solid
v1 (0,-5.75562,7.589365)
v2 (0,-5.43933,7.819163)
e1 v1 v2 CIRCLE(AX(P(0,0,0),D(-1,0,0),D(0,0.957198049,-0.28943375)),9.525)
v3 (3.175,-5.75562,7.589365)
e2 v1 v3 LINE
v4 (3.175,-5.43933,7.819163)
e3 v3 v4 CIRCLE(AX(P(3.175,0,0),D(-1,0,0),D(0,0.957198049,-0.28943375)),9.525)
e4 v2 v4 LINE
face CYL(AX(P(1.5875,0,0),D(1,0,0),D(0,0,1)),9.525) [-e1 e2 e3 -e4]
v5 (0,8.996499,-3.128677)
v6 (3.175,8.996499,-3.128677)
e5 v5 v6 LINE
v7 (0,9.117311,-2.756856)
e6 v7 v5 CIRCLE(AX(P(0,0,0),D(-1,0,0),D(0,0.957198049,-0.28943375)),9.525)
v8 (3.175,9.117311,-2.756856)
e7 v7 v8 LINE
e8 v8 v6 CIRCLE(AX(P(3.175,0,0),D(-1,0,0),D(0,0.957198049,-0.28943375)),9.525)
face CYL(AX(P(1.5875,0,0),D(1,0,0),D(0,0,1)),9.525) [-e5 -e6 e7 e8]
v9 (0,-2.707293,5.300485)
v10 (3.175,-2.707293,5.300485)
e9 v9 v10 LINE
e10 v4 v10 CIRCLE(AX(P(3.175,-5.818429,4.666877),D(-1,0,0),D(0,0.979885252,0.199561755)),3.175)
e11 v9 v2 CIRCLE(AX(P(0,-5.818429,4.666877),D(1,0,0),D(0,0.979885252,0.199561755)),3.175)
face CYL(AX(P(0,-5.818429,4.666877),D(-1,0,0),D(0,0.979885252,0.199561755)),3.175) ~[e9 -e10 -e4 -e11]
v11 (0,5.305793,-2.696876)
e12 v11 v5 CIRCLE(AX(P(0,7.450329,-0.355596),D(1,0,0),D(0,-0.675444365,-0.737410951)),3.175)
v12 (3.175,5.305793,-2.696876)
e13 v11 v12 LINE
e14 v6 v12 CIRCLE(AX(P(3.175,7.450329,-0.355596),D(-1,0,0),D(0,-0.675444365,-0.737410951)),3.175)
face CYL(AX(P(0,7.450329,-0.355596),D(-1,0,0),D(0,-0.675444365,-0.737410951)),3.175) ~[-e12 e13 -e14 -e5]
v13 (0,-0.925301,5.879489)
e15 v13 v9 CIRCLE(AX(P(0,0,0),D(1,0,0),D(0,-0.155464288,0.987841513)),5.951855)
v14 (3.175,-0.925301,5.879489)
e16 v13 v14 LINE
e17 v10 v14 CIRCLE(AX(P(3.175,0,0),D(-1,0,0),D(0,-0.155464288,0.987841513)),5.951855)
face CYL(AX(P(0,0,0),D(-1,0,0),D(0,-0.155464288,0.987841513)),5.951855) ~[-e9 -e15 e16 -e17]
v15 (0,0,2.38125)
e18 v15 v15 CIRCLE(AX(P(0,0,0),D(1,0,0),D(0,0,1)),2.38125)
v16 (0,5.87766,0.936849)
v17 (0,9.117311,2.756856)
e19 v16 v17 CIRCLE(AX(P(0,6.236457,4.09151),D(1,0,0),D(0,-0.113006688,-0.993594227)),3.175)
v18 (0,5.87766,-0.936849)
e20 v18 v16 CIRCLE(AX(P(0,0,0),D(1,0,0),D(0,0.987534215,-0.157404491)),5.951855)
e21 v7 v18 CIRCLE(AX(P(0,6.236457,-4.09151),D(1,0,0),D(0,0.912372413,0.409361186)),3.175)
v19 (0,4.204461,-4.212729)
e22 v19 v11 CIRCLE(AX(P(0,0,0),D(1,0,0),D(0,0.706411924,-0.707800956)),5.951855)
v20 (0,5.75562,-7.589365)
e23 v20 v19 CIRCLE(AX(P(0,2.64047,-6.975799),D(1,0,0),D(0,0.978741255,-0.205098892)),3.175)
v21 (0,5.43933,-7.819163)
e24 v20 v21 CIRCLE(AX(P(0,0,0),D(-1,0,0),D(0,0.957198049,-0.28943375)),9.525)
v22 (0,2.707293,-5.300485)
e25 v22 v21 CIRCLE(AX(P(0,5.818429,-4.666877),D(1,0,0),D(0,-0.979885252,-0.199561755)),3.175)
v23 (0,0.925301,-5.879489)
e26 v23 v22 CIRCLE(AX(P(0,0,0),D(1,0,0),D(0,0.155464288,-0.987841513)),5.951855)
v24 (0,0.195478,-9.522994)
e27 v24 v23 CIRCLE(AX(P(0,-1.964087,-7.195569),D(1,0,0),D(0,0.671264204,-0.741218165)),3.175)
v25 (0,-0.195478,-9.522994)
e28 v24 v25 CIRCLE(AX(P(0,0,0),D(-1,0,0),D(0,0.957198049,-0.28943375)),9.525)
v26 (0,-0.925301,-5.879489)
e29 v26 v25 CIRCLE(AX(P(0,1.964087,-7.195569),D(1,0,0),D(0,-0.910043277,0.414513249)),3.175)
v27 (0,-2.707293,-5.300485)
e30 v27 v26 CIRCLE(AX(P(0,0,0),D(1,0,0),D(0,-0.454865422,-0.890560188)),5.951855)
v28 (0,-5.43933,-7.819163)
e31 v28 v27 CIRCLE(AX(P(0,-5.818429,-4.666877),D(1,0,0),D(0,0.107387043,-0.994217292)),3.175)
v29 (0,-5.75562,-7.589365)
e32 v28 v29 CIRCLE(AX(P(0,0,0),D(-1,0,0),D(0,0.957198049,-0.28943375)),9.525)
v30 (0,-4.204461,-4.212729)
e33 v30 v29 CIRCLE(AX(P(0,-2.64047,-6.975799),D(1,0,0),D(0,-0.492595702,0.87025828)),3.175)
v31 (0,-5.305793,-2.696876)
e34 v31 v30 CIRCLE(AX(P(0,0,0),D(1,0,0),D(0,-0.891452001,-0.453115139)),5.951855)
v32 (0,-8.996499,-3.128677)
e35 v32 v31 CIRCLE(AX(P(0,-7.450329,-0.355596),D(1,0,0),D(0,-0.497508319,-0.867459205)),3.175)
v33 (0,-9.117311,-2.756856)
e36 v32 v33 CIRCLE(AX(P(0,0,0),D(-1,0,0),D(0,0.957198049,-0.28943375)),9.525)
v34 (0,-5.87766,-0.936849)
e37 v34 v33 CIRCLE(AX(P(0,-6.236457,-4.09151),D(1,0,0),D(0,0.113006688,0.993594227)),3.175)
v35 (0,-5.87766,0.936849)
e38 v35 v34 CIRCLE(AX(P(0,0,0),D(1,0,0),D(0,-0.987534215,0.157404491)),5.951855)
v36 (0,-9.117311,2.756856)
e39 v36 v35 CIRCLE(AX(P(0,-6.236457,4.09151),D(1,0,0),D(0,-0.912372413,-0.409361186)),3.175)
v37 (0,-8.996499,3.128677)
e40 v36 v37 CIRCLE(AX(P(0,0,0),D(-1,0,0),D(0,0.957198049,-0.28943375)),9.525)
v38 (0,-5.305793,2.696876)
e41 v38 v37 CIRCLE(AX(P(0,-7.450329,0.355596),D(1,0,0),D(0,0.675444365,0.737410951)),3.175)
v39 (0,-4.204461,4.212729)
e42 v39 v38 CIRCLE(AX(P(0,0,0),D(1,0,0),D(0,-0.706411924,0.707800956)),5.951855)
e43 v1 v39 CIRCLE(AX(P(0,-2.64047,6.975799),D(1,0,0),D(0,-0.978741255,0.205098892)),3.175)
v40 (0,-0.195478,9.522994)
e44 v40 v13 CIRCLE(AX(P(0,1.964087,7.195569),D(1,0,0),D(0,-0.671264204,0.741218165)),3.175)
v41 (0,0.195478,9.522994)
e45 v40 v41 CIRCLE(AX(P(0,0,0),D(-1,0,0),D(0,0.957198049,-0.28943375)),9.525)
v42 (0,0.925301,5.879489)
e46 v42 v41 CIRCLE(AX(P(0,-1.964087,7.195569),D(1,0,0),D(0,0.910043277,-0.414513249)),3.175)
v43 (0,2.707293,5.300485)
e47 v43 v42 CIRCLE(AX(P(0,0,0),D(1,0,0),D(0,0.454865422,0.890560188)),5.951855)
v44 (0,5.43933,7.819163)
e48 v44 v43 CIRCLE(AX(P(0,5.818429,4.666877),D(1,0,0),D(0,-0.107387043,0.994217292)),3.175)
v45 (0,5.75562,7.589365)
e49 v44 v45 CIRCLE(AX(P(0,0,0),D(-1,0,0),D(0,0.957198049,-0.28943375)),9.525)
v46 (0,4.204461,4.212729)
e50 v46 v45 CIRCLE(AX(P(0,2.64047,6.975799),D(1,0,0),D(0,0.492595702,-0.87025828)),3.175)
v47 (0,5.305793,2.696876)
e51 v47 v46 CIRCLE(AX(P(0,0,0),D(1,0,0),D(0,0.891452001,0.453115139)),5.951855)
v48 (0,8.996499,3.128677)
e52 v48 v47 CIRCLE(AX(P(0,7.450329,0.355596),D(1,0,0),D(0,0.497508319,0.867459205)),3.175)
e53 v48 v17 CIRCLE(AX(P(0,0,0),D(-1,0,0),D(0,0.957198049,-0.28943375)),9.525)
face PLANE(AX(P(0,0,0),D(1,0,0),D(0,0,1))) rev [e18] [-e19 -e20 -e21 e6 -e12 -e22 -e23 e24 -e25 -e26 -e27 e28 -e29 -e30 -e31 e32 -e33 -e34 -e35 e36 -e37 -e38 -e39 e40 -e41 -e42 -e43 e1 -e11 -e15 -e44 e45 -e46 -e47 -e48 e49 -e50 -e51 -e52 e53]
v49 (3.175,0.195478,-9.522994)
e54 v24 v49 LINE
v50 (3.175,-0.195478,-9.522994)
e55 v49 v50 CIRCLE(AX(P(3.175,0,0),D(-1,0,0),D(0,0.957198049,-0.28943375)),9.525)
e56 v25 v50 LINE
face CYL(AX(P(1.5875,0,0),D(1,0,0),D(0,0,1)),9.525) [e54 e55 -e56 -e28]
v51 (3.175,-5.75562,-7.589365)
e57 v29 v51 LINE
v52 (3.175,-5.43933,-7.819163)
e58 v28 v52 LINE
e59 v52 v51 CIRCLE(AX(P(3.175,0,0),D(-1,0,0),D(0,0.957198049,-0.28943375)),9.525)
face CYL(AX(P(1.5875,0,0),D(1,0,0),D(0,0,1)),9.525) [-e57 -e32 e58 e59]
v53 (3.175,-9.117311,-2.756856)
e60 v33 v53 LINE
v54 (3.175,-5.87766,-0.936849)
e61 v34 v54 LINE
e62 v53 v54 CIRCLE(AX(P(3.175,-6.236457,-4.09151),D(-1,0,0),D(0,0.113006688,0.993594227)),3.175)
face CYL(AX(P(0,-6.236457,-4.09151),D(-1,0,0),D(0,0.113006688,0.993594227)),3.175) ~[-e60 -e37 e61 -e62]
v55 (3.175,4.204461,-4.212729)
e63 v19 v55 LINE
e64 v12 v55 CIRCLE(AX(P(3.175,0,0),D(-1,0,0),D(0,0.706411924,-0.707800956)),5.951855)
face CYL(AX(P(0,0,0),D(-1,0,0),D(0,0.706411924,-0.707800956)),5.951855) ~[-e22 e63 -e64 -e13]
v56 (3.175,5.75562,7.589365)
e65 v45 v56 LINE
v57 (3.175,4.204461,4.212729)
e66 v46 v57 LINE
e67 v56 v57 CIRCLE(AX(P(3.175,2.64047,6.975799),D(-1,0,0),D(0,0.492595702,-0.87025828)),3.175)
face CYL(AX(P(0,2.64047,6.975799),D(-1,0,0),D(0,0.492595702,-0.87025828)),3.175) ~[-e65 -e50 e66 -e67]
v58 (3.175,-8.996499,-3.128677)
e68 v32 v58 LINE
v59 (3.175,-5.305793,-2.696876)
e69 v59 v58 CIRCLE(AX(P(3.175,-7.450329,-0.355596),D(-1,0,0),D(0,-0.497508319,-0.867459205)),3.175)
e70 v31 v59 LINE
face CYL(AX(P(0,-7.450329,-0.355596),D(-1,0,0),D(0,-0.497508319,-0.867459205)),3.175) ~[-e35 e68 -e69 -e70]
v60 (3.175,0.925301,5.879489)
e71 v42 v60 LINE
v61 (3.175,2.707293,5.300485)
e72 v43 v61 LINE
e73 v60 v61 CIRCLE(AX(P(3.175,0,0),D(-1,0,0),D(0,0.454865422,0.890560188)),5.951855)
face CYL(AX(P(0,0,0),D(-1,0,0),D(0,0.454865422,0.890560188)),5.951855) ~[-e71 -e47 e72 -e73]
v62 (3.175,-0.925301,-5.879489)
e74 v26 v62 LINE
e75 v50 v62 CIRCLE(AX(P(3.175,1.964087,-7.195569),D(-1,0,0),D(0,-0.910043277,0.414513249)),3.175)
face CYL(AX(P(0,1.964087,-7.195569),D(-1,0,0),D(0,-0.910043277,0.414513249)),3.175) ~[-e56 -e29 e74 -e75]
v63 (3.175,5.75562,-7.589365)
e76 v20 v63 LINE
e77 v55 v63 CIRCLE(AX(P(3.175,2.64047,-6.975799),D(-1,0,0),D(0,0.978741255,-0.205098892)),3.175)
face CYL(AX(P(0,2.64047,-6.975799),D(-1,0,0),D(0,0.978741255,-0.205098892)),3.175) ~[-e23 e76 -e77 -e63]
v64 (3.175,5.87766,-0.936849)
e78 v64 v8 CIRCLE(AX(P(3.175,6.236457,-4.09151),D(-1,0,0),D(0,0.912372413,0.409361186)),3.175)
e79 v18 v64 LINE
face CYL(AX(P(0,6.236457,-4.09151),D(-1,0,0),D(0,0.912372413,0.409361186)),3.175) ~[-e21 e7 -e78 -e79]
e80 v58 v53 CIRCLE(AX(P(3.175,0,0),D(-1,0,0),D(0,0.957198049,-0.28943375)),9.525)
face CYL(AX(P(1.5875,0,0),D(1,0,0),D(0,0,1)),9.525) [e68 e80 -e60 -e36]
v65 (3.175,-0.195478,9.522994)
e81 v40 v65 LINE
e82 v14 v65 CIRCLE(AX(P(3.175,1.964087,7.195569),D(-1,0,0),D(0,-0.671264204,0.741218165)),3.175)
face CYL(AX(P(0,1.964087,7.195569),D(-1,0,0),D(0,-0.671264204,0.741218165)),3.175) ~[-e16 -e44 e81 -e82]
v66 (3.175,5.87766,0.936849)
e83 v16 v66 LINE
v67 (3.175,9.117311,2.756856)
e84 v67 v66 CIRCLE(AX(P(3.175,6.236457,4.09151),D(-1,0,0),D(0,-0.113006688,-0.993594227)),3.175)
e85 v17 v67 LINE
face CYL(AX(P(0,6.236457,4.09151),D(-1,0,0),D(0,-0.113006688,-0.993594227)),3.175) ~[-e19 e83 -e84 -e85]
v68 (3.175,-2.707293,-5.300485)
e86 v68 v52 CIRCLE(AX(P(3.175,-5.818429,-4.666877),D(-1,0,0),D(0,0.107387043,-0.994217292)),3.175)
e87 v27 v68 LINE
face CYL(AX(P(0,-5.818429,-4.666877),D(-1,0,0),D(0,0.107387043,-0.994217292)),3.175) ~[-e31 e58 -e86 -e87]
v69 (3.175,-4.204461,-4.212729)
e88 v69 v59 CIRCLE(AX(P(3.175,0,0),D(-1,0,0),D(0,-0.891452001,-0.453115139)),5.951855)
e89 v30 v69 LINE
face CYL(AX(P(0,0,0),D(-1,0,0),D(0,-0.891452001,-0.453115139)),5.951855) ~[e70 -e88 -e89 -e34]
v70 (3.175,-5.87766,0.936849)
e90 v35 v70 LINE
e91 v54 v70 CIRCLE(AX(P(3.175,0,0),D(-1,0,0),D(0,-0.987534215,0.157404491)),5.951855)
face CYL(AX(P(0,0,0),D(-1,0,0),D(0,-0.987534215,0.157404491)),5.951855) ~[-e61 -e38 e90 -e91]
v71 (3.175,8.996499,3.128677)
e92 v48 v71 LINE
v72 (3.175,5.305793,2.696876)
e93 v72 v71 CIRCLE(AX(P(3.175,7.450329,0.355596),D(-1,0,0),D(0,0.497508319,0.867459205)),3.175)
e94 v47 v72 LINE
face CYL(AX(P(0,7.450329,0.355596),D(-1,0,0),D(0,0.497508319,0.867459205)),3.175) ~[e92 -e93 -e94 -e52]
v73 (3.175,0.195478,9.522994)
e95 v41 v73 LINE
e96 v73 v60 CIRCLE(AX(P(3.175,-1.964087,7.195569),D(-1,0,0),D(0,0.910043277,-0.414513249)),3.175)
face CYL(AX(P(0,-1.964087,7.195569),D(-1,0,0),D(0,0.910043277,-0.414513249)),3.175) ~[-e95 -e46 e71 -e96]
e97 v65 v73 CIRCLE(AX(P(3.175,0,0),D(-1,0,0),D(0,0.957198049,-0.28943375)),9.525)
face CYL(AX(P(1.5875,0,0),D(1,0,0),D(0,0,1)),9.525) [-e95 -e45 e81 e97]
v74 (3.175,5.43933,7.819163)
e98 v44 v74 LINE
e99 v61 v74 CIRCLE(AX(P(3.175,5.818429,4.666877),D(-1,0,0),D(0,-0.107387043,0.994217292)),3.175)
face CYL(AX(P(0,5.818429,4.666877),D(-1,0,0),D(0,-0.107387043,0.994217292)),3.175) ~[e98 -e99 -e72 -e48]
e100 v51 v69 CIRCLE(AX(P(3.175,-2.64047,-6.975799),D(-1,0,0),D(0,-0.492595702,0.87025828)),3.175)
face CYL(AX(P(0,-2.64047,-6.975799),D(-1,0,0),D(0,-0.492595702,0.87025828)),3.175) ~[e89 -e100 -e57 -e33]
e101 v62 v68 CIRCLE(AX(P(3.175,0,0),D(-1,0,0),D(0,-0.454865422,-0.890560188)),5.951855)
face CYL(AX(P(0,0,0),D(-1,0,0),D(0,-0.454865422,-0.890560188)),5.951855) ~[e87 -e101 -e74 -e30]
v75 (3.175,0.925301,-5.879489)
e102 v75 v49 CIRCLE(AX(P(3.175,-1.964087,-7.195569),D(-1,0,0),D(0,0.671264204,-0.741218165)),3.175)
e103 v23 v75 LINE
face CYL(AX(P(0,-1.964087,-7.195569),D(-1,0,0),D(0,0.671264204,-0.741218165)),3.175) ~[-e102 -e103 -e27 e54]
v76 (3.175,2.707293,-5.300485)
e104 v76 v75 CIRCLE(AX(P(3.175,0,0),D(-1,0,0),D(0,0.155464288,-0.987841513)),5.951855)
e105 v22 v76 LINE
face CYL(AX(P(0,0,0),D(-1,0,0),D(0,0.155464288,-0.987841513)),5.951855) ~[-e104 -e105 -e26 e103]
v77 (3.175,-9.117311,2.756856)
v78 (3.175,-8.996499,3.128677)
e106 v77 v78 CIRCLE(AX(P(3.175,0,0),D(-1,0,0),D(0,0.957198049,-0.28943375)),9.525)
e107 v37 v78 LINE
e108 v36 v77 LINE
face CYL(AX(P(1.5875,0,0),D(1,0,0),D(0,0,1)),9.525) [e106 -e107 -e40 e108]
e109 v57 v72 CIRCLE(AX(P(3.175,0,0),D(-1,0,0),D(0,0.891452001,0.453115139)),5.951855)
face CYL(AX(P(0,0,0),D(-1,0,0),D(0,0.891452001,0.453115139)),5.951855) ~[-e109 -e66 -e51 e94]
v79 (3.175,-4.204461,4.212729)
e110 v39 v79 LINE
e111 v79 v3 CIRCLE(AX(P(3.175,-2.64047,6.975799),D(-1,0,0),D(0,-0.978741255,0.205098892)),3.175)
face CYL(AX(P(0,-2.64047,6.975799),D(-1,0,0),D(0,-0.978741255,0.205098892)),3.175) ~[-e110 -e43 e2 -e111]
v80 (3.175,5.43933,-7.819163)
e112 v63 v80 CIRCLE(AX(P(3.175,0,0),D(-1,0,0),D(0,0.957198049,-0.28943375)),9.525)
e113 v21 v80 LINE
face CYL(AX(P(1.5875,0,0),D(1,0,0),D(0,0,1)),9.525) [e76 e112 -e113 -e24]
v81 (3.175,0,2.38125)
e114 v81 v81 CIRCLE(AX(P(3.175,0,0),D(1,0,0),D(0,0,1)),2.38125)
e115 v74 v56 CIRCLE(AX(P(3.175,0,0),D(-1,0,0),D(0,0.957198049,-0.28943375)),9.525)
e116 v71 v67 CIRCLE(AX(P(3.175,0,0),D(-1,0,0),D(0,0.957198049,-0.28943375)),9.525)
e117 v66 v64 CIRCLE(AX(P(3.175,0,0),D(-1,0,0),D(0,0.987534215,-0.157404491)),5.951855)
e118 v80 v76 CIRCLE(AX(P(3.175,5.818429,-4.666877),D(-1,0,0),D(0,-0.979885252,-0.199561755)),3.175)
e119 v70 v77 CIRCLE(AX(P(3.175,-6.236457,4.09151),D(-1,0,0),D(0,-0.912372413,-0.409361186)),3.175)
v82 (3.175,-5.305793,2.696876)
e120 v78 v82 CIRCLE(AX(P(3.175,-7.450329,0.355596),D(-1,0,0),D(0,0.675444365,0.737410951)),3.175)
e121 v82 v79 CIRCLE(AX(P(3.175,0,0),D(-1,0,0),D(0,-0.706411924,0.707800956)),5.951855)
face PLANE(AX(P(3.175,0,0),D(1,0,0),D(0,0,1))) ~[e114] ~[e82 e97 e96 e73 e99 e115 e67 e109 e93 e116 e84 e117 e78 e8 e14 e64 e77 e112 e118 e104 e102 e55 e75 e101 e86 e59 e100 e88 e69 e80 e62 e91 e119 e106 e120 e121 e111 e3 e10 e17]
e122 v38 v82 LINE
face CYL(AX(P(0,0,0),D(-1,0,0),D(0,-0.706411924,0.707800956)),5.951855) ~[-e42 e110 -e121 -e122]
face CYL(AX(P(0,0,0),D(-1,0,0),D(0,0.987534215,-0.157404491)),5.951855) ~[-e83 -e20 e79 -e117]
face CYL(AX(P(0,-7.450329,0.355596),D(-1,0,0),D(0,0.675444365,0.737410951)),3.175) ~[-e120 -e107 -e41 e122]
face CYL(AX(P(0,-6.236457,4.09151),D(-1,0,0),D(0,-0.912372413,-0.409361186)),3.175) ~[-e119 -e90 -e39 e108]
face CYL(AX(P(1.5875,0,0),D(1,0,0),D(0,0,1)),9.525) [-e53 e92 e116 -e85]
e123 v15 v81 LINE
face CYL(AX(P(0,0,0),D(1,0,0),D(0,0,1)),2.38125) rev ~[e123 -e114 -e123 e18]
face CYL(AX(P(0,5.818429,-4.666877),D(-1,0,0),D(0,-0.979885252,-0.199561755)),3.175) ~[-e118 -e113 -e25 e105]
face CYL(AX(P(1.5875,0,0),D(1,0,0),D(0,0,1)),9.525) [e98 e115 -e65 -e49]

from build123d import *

# Parameters (mm, degrees)
BASPROSKE_W     = 3.175
BASPROSKE_H     = 9.525
TOOTHCUT_DEPTH  = 14.839504146
TEETHCUTS_COUNT = 10
TEETHCUTS_ANGLE = 324
BORSKE_R        = 2.38125
BORE_DEPTH      = 50.8000508


with BuildPart() as part:
    # BasProSke → Base-Revolve (revolve)
    with BuildSketch(Plane(origin=(0, 0, 0), x_dir=(1, 0, 0), z_dir=(0, 1, 0)), mode=Mode.PRIVATE) as base_revolve_sk:
        with Locations((1.5875, 4.7625)):
            Rectangle(BASPROSKE_W, BASPROSKE_H)
    revolve(base_revolve_sk.sketch.rotate(Axis((-10, 0, 0), (1, 0, 0)), 180), axis=Axis((-10, 0, 0), (1, 0, 0)))

    # TooCutSke → ToothCut (cut, through all)
    with BuildSketch(Plane(origin=(0, 0, 0), x_dir=(0, 0, -1), z_dir=(1, 0, 0))):
        with BuildLine():
            ThreePointArc((0.936848711, 5.877660456), (0, 5.951855), (-0.936848711, 5.877660456))
            ThreePointArc((-0.936848711, 5.877660456), (-1.332872851, 7.808253106), (-2.791788616, 9.133239101))
            ThreePointArc((-2.791788616, 9.133239101), (0, 9.5504), (2.791788616, 9.133239101))
            ThreePointArc((2.791788616, 9.133239101), (1.332872851, 7.808253106), (0.936848711, 5.877660456))
        make_face()
    toothcut = extrude(amount=TOOTHCUT_DEPTH, mode=Mode.SUBTRACT)

    # TeethCuts: ToothCut ×10 about axis
    teethcuts_axis = Axis((-10, 0, 0), (1, 0, 0))
    for i in range(1, TEETHCUTS_COUNT):
        add(toothcut.rotate(teethcuts_axis, i * TEETHCUTS_ANGLE / (TEETHCUTS_COUNT - 1)), mode=Mode.SUBTRACT)

    # BorSke → Bore (cut, symmetric)
    with BuildSketch(Plane(origin=(0, 0, 0), x_dir=(0, 0, -1), z_dir=(1, 0, 0))):
        with Locations(Location((0, 0, 0), (0, 0, 180))):
            Circle(BORSKE_R)
    extrude(amount=BORE_DEPTH, both=True, mode=Mode.SUBTRACT)


solid = part.part
